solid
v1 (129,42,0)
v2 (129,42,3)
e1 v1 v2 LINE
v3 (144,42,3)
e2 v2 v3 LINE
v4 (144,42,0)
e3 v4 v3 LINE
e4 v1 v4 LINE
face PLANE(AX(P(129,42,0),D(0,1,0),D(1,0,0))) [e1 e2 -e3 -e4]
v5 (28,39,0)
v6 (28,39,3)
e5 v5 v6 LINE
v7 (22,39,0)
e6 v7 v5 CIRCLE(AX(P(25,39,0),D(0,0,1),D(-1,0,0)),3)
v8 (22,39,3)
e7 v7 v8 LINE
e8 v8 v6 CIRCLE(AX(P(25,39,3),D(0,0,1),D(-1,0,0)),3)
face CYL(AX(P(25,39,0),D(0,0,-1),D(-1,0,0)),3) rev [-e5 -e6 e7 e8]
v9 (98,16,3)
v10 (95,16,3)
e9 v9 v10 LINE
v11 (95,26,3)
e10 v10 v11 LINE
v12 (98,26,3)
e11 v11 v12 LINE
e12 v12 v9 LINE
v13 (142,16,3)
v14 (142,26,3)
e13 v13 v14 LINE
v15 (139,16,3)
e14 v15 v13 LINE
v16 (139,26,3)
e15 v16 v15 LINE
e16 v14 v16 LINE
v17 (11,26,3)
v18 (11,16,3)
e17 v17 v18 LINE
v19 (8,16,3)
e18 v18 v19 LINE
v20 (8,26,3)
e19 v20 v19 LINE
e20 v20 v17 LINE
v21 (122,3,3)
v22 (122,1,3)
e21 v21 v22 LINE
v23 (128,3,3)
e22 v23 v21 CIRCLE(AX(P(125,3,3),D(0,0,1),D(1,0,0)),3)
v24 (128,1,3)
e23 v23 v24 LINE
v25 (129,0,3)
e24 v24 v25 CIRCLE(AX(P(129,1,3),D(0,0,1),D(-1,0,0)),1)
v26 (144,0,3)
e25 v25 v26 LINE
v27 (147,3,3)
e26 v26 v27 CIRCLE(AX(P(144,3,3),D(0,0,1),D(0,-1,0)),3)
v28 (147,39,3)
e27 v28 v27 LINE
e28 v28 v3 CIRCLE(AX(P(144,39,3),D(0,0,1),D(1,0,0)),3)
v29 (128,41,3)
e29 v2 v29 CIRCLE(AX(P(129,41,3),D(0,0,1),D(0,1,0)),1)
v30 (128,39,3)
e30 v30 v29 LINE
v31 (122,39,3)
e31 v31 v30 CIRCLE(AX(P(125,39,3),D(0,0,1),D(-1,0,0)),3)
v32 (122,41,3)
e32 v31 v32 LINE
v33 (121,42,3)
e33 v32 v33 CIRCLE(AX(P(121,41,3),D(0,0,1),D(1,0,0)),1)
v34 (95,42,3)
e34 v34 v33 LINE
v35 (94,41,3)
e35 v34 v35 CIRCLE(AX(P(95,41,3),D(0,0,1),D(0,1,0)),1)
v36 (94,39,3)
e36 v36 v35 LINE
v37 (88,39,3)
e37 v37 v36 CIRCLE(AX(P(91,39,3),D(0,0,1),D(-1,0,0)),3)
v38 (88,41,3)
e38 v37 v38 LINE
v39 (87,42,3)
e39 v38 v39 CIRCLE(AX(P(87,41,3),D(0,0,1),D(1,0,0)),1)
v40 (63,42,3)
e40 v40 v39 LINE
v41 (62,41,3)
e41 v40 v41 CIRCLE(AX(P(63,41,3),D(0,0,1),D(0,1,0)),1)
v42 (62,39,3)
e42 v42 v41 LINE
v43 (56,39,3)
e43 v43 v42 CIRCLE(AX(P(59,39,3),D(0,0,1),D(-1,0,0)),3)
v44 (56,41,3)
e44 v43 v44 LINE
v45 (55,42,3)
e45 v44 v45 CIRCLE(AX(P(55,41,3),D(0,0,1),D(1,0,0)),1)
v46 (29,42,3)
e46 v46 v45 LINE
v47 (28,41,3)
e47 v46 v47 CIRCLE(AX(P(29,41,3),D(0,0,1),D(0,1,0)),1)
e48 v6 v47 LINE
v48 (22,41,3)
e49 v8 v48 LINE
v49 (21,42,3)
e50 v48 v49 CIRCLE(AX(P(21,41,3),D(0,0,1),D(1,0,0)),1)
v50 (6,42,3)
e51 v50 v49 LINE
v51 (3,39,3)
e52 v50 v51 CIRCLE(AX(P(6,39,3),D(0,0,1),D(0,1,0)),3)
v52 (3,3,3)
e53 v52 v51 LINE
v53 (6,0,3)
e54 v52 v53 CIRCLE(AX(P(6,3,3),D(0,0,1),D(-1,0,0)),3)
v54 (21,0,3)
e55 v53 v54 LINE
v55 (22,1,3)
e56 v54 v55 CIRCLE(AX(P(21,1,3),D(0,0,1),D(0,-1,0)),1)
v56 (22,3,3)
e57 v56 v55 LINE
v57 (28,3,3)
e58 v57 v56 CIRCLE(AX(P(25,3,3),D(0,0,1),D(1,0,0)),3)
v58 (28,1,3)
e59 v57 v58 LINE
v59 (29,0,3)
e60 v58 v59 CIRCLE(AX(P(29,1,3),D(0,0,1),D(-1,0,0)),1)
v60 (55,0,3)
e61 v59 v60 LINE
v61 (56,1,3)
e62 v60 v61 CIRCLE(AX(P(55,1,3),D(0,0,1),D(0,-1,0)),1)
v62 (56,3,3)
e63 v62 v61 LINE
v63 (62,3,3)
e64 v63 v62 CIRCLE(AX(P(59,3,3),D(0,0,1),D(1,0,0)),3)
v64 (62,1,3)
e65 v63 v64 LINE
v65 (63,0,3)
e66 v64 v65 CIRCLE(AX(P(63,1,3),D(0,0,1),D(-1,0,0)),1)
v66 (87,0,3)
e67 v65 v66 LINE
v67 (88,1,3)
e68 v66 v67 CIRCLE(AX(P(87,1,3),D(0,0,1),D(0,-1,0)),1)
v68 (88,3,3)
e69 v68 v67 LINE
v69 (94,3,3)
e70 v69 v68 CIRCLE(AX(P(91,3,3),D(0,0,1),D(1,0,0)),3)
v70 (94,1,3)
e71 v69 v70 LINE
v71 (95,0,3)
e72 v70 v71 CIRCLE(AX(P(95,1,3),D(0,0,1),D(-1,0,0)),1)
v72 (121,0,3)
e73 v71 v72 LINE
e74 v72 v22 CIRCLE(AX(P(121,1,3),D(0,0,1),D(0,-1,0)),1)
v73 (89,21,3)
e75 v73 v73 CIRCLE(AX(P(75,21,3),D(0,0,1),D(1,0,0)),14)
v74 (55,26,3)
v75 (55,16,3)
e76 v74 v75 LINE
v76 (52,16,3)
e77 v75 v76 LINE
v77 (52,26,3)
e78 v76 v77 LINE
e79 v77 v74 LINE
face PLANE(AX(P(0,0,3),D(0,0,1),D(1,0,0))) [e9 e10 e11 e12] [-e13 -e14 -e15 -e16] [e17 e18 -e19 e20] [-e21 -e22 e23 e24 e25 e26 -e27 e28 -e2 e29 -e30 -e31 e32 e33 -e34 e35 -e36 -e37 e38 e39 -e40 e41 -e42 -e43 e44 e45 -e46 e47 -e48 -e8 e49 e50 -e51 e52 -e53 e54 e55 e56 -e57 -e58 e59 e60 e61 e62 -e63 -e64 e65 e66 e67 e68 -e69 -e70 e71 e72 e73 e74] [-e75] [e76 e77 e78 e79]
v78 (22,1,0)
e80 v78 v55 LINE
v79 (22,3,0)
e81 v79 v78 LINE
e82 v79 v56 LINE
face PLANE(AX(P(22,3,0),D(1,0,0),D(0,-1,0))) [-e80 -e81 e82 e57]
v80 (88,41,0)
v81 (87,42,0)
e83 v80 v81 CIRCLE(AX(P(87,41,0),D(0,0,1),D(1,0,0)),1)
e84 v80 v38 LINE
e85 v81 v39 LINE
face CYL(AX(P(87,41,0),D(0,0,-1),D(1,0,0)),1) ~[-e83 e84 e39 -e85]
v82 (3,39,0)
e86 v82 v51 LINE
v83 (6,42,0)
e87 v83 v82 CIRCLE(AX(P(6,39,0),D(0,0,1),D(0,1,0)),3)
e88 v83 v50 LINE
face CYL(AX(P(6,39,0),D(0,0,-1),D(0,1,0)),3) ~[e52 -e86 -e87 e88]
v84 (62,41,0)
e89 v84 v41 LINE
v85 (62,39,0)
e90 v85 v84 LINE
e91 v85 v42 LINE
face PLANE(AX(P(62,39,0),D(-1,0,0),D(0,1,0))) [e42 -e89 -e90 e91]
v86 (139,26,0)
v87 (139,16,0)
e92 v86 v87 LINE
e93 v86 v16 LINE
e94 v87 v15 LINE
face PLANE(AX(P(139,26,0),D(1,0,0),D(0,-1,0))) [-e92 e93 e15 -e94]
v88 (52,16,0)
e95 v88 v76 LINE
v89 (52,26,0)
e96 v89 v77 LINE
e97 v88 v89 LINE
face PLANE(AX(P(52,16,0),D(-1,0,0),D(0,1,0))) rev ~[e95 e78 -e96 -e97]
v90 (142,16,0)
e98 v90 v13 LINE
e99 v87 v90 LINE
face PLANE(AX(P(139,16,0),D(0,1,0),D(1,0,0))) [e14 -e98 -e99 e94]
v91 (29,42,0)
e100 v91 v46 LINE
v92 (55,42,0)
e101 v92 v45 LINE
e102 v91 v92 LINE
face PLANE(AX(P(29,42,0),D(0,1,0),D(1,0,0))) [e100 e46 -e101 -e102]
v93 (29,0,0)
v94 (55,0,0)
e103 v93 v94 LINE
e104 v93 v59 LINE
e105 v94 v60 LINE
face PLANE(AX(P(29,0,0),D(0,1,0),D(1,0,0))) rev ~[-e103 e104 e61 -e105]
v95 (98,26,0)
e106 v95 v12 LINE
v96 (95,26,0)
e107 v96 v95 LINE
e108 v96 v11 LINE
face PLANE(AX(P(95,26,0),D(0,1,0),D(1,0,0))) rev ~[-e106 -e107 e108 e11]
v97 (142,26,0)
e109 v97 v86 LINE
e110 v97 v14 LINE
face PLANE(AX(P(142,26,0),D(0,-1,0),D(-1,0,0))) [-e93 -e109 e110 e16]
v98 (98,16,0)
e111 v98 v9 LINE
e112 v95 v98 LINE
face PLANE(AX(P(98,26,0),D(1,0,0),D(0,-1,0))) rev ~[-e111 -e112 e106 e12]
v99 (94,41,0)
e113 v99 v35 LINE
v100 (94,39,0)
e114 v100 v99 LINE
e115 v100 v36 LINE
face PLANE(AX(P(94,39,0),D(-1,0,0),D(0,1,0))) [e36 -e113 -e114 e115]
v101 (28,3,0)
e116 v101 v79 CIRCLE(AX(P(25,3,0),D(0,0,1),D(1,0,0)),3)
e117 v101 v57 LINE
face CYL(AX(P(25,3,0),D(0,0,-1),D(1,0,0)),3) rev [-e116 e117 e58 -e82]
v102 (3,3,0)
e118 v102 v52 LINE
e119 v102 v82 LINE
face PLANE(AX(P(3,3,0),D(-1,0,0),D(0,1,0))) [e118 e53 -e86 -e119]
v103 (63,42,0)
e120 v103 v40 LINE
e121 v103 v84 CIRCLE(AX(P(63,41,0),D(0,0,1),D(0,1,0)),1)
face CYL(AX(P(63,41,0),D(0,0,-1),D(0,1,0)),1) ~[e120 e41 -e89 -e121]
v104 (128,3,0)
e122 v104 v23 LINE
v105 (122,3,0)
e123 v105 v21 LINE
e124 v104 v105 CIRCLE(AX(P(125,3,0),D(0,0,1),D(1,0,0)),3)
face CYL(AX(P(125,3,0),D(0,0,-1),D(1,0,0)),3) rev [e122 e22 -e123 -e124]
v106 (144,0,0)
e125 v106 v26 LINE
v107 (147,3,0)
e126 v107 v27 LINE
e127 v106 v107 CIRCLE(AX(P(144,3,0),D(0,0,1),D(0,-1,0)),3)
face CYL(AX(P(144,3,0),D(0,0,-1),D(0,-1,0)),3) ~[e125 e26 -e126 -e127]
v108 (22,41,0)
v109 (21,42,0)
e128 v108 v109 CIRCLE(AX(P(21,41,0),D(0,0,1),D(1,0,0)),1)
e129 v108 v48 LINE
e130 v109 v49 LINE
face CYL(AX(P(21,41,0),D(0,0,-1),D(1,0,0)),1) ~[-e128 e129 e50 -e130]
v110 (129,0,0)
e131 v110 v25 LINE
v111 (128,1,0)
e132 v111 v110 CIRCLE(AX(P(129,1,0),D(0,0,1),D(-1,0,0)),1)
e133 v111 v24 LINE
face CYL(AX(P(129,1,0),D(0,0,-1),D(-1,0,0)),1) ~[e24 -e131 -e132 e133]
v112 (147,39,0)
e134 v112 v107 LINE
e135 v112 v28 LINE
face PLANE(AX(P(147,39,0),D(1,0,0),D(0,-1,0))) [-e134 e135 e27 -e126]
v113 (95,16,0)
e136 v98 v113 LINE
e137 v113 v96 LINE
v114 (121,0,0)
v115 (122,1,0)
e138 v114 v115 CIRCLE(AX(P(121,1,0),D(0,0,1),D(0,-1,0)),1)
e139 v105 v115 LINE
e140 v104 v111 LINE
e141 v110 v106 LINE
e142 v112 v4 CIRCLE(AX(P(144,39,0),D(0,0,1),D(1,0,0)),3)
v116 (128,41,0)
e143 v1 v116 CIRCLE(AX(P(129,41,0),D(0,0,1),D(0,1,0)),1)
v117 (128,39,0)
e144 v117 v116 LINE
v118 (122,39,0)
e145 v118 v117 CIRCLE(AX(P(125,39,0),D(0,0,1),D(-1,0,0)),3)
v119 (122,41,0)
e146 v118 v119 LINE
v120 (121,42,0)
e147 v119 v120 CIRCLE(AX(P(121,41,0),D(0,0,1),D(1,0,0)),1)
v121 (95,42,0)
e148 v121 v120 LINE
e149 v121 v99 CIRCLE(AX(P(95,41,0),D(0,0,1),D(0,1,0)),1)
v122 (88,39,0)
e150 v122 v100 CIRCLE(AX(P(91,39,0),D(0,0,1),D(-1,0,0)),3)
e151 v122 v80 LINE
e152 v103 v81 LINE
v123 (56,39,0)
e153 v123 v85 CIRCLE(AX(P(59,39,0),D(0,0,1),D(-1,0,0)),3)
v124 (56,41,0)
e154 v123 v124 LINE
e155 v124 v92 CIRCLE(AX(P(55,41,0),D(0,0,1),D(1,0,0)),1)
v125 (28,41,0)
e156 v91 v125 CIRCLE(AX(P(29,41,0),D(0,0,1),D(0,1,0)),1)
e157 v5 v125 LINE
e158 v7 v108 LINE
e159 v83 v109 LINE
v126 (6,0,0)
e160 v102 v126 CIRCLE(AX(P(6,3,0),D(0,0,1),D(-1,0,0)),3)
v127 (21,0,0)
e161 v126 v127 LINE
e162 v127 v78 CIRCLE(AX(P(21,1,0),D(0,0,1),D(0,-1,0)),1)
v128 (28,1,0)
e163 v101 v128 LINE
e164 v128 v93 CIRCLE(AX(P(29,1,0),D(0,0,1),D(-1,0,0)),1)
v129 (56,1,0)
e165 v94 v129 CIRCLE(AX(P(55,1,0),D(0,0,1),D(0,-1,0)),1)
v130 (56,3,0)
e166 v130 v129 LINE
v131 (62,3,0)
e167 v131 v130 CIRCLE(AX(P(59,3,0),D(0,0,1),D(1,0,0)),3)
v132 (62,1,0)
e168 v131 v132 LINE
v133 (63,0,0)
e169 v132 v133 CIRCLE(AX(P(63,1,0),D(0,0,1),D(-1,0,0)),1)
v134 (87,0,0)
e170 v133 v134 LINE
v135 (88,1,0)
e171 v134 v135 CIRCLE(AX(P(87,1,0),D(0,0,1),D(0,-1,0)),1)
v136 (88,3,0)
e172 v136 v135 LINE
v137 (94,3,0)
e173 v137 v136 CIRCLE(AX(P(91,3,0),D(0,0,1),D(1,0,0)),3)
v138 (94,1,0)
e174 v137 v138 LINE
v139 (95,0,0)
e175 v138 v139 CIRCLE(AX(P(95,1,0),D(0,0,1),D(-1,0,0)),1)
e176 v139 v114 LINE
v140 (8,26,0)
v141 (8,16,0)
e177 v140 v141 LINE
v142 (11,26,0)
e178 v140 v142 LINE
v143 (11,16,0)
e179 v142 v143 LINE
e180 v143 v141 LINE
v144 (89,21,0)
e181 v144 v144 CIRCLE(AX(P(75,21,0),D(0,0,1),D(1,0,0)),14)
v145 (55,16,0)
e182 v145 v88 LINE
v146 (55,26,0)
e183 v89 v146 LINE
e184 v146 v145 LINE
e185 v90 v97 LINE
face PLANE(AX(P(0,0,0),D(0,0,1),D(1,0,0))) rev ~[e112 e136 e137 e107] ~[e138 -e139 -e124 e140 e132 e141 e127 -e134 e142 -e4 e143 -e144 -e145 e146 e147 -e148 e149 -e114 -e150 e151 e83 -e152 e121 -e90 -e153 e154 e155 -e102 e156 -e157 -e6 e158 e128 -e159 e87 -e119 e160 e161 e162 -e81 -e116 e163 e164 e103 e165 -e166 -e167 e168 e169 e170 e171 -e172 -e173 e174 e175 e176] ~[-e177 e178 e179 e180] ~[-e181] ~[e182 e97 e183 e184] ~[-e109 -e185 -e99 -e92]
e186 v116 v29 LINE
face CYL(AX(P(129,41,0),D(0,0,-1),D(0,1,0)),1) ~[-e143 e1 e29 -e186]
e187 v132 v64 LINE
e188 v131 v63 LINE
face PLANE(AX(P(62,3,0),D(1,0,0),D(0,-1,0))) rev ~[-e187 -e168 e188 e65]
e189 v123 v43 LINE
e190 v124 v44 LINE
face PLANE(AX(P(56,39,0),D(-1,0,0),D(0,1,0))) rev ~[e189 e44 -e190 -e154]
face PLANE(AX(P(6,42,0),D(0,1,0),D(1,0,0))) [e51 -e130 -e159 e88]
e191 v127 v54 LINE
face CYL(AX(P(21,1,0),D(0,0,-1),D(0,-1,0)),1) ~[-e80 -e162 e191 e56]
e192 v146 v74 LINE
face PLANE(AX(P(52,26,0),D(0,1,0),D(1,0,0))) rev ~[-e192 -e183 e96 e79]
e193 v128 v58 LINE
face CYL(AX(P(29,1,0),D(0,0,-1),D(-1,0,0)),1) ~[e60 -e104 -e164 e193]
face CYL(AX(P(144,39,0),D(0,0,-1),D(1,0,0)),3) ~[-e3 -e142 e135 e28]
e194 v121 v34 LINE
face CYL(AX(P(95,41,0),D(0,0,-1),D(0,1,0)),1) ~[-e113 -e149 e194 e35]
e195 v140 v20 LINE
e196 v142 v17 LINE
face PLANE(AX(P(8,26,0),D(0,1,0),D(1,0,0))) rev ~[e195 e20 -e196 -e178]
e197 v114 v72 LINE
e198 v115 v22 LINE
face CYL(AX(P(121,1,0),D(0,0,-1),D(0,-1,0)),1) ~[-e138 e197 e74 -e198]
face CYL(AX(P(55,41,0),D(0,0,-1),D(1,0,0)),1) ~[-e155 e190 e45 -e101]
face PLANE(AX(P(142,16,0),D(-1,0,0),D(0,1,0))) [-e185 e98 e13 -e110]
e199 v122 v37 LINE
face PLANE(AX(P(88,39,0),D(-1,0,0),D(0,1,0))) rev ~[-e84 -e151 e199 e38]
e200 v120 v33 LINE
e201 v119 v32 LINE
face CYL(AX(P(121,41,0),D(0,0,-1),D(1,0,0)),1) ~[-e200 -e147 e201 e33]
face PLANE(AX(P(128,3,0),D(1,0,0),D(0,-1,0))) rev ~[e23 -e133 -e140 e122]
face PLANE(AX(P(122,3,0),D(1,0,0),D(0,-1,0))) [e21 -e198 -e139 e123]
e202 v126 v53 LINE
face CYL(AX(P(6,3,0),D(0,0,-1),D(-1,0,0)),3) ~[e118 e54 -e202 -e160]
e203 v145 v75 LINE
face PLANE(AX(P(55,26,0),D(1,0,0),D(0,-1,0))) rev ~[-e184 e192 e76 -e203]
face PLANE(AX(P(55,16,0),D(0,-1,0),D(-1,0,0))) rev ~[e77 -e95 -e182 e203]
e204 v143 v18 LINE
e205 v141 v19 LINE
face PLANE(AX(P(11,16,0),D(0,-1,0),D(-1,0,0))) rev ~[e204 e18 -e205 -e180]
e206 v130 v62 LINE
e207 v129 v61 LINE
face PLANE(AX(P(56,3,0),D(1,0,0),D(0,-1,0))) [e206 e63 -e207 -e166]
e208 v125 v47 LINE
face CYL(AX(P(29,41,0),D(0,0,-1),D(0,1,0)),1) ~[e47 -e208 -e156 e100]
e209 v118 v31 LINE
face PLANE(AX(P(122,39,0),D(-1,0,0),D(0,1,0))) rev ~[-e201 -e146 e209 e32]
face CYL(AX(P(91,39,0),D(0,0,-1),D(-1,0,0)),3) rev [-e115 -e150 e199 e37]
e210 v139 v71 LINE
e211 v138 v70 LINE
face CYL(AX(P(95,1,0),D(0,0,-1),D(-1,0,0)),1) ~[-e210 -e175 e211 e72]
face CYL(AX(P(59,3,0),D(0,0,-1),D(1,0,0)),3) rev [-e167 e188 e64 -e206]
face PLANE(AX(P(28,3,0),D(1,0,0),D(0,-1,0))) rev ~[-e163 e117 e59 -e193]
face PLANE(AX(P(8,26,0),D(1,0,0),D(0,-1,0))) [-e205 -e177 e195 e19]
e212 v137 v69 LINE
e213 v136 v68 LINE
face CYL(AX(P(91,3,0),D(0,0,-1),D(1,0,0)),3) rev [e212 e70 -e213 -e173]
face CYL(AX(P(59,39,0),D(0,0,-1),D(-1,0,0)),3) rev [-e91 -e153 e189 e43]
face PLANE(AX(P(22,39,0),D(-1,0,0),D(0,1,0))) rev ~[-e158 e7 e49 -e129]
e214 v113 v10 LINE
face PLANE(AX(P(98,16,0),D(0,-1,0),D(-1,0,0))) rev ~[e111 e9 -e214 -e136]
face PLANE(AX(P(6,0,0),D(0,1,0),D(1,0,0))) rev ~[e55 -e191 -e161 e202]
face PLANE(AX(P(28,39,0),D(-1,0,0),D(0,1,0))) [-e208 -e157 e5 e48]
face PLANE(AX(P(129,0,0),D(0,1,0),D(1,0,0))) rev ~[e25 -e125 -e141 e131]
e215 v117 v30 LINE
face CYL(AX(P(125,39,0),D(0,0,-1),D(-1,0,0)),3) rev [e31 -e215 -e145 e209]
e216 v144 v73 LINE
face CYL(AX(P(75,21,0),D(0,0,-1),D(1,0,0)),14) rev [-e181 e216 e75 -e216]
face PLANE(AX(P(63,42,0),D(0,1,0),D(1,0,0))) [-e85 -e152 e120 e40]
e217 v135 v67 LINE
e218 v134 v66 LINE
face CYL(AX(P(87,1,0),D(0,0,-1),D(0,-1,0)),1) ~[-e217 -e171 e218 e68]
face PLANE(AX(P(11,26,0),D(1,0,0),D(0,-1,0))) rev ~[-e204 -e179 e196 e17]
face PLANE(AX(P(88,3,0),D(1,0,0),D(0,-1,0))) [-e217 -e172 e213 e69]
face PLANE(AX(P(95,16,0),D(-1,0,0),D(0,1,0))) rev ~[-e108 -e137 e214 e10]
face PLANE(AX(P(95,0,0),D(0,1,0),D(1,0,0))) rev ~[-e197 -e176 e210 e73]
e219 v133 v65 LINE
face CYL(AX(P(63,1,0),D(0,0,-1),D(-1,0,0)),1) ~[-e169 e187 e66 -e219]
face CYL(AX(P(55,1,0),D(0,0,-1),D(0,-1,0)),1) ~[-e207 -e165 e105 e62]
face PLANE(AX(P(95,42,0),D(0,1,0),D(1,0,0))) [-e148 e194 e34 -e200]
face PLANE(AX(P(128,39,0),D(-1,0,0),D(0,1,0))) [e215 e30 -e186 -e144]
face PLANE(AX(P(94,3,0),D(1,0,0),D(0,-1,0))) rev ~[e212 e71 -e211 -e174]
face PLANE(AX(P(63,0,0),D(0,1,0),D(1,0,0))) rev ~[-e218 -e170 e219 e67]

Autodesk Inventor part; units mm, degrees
ref_plane "YZ Plane" through (0, 0, 0) normal (1, 0, 0) x (0, 1, 0)
ref_plane "XZ Plane" through (0, 0, 0) normal (0, 1, 0) x (-1, 0, 0)
ref_plane "XY Plane" through (0, 0, 0) normal (0, 0, 1) x (1, 0, 0)
sketch "Sketch1" plane through (0, 0, 0) normal (0, 0, 1) x (1, 0, 0)
  line L0 (8, 26) -> (11, 26)
  line L1 (11, 26) -> (11, 16)
  line L2 (11, 16) -> (8, 16)
  circle A0 centre (75, 21) radius 14
  line L3 (8, 26) -> (8, 16)
  line L4 (3, 3) -> (3, 39)
  line L5 (52, 26) -> (55, 26)
  line L6 (55, 26) -> (55, 16)
  line L7 (55, 16) -> (52, 16)
  line L8 (52, 16) -> (52, 26)
  line L9 (95, 26) -> (98, 26)
  line L10 (98, 26) -> (98, 16)
  line L11 (98, 16) -> (95, 16)
  line L12 (95, 16) -> (95, 26)
  line L13 (147, 39) -> (147, 3)
  line L14 (142, 26) -> (139, 26)
  line L15 (139, 26) -> (139, 16)
  line L16 (139, 16) -> (142, 16)
  line L17 (142, 16) -> (142, 26)
  arc A1 (56, 39) -> (62, 39) centre (59, 39) ccw
  arc A2 (88, 39) -> (94, 39) centre (91, 39) ccw
  arc A3 (62, 3) -> (56, 3) centre (59, 3) ccw
  arc A4 (94, 3) -> (88, 3) centre (91, 3) ccw
  arc A5 (22, 39) -> (28, 39) centre (25, 39) ccw
  arc A6 (122, 39) -> (128, 39) centre (125, 39) ccw
  arc A7 (28, 3) -> (22, 3) centre (25, 3) ccw
  arc A8 (128, 3) -> (122, 3) centre (125, 3) ccw
  line L18 (22, 39) -> (22, 41)
  line L19 (28, 39) -> (28, 41)
  line L20 (122, 39) -> (122, 41)
  line L21 (128, 39) -> (128, 41)
  line L22 (128, 3) -> (128, 1)
  line L23 (122, 3) -> (122, 1)
  line L24 (22, 3) -> (22, 1)
  line L25 (28, 3) -> (28, 1)
  line L26 (6, 0) -> (21, 0)
  line L27 (129, 0) -> (144, 0)
  line L28 (129, 42) -> (144, 42)
  line L29 (6, 42) -> (21, 42)
  arc A9 (22, 41) -> (21, 42) centre (21, 41) ccw
  arc A10 (29, 42) -> (28, 41) centre (29, 41) ccw
  arc A11 (122, 41) -> (121, 42) centre (121, 41) ccw
  arc A12 (129, 42) -> (128, 41) centre (129, 41) ccw
  arc A13 (128, 1) -> (129, 0) centre (129, 1) ccw
  arc A14 (121, 0) -> (122, 1) centre (121, 1) ccw
  arc A15 (21, 0) -> (22, 1) centre (21, 1) ccw
  arc A16 (28, 1) -> (29, 0) centre (29, 1) ccw
  line L30 (56, 3) -> (56, 1)
  line L31 (62, 3) -> (62, 1)
  line L32 (88, 3) -> (88, 1)
  line L33 (94, 3) -> (94, 1)
  line L34 (94, 39) -> (94, 41)
  line L35 (88, 39) -> (88, 41)
  line L36 (56, 39) -> (56, 41)
  line L37 (62, 39) -> (62, 41)
  line L38 (29, 42) -> (55, 42)
  line L39 (63, 42) -> (87, 42)
  line L40 (95, 42) -> (121, 42)
  line L41 (95, 0) -> (121, 0)
  line L42 (29, 0) -> (55, 0)
  line L43 (63, 0) -> (87, 0)
  arc A17 (55, 0) -> (56, 1) centre (55, 1) ccw
  arc A18 (62, 1) -> (63, 0) centre (63, 1) ccw
  arc A19 (87, 0) -> (88, 1) centre (87, 1) ccw
  arc A20 (94, 1) -> (95, 0) centre (95, 1) ccw
  arc A21 (95, 42) -> (94, 41) centre (95, 41) ccw
  arc A22 (88, 41) -> (87, 42) centre (87, 41) ccw
  arc A23 (56, 41) -> (55, 42) centre (55, 41) ccw
  arc A24 (63, 42) -> (62, 41) centre (63, 41) ccw
  arc A25 (6, 42) -> (3, 39) centre (6, 39) ccw
  arc A26 (3, 3) -> (6, 0) centre (6, 3) ccw
  arc A27 (144, 0) -> (147, 3) centre (144, 3) ccw
  arc A28 (147, 39) -> (144, 42) centre (144, 39) ccw
  point P0 (0, 0)
  point P1 (147, 42)
  point P2 (147, 0)
  point P3 (3, 42)
  point P4 (3, 0)
  dimension "d0" = 10
  dimension "d7" = 28
  dimension "d13" = 72
  dimension "d16" = 5
  dimension "d17" = 3
  dimension "d18" = 3
  dimension "d19" = 10
  dimension "d20" = 3
  dimension "d21" = 10
  dimension "d22" = 20
  dimension "d23" = 20
  dimension "d28" = 5
  dimension "d29" = 3
  dimension "d30" = 10
  dimension "d43" = 6
  dimension "d45" = 6
  dimension "d47" = 16
  dimension "d48" = 16
  dimension "d53" = 6
  dimension "d55" = 100
  dimension "d56" = 50
  dimension "d57" = 1
  dimension "d58" = 42
  dimension "d61" = 16
  dimension "d62" = 16
  dimension "d67" = 1
  dimension "d68" = 144
  dimension "d69" = 50
  dimension "d70" = 3
  dimension "d71" = 3
  dimension "d72" = 3
  dimension "d73" = 3
  dimension "d74" = 3
  dimension "d75" = 3
  dimension "d76" = 3
extrude "Extrusion4" add sketch "Sketch1" along normal blind 3
properties part number "OpenROV_Dev_EChassis_Camera_Plate"
